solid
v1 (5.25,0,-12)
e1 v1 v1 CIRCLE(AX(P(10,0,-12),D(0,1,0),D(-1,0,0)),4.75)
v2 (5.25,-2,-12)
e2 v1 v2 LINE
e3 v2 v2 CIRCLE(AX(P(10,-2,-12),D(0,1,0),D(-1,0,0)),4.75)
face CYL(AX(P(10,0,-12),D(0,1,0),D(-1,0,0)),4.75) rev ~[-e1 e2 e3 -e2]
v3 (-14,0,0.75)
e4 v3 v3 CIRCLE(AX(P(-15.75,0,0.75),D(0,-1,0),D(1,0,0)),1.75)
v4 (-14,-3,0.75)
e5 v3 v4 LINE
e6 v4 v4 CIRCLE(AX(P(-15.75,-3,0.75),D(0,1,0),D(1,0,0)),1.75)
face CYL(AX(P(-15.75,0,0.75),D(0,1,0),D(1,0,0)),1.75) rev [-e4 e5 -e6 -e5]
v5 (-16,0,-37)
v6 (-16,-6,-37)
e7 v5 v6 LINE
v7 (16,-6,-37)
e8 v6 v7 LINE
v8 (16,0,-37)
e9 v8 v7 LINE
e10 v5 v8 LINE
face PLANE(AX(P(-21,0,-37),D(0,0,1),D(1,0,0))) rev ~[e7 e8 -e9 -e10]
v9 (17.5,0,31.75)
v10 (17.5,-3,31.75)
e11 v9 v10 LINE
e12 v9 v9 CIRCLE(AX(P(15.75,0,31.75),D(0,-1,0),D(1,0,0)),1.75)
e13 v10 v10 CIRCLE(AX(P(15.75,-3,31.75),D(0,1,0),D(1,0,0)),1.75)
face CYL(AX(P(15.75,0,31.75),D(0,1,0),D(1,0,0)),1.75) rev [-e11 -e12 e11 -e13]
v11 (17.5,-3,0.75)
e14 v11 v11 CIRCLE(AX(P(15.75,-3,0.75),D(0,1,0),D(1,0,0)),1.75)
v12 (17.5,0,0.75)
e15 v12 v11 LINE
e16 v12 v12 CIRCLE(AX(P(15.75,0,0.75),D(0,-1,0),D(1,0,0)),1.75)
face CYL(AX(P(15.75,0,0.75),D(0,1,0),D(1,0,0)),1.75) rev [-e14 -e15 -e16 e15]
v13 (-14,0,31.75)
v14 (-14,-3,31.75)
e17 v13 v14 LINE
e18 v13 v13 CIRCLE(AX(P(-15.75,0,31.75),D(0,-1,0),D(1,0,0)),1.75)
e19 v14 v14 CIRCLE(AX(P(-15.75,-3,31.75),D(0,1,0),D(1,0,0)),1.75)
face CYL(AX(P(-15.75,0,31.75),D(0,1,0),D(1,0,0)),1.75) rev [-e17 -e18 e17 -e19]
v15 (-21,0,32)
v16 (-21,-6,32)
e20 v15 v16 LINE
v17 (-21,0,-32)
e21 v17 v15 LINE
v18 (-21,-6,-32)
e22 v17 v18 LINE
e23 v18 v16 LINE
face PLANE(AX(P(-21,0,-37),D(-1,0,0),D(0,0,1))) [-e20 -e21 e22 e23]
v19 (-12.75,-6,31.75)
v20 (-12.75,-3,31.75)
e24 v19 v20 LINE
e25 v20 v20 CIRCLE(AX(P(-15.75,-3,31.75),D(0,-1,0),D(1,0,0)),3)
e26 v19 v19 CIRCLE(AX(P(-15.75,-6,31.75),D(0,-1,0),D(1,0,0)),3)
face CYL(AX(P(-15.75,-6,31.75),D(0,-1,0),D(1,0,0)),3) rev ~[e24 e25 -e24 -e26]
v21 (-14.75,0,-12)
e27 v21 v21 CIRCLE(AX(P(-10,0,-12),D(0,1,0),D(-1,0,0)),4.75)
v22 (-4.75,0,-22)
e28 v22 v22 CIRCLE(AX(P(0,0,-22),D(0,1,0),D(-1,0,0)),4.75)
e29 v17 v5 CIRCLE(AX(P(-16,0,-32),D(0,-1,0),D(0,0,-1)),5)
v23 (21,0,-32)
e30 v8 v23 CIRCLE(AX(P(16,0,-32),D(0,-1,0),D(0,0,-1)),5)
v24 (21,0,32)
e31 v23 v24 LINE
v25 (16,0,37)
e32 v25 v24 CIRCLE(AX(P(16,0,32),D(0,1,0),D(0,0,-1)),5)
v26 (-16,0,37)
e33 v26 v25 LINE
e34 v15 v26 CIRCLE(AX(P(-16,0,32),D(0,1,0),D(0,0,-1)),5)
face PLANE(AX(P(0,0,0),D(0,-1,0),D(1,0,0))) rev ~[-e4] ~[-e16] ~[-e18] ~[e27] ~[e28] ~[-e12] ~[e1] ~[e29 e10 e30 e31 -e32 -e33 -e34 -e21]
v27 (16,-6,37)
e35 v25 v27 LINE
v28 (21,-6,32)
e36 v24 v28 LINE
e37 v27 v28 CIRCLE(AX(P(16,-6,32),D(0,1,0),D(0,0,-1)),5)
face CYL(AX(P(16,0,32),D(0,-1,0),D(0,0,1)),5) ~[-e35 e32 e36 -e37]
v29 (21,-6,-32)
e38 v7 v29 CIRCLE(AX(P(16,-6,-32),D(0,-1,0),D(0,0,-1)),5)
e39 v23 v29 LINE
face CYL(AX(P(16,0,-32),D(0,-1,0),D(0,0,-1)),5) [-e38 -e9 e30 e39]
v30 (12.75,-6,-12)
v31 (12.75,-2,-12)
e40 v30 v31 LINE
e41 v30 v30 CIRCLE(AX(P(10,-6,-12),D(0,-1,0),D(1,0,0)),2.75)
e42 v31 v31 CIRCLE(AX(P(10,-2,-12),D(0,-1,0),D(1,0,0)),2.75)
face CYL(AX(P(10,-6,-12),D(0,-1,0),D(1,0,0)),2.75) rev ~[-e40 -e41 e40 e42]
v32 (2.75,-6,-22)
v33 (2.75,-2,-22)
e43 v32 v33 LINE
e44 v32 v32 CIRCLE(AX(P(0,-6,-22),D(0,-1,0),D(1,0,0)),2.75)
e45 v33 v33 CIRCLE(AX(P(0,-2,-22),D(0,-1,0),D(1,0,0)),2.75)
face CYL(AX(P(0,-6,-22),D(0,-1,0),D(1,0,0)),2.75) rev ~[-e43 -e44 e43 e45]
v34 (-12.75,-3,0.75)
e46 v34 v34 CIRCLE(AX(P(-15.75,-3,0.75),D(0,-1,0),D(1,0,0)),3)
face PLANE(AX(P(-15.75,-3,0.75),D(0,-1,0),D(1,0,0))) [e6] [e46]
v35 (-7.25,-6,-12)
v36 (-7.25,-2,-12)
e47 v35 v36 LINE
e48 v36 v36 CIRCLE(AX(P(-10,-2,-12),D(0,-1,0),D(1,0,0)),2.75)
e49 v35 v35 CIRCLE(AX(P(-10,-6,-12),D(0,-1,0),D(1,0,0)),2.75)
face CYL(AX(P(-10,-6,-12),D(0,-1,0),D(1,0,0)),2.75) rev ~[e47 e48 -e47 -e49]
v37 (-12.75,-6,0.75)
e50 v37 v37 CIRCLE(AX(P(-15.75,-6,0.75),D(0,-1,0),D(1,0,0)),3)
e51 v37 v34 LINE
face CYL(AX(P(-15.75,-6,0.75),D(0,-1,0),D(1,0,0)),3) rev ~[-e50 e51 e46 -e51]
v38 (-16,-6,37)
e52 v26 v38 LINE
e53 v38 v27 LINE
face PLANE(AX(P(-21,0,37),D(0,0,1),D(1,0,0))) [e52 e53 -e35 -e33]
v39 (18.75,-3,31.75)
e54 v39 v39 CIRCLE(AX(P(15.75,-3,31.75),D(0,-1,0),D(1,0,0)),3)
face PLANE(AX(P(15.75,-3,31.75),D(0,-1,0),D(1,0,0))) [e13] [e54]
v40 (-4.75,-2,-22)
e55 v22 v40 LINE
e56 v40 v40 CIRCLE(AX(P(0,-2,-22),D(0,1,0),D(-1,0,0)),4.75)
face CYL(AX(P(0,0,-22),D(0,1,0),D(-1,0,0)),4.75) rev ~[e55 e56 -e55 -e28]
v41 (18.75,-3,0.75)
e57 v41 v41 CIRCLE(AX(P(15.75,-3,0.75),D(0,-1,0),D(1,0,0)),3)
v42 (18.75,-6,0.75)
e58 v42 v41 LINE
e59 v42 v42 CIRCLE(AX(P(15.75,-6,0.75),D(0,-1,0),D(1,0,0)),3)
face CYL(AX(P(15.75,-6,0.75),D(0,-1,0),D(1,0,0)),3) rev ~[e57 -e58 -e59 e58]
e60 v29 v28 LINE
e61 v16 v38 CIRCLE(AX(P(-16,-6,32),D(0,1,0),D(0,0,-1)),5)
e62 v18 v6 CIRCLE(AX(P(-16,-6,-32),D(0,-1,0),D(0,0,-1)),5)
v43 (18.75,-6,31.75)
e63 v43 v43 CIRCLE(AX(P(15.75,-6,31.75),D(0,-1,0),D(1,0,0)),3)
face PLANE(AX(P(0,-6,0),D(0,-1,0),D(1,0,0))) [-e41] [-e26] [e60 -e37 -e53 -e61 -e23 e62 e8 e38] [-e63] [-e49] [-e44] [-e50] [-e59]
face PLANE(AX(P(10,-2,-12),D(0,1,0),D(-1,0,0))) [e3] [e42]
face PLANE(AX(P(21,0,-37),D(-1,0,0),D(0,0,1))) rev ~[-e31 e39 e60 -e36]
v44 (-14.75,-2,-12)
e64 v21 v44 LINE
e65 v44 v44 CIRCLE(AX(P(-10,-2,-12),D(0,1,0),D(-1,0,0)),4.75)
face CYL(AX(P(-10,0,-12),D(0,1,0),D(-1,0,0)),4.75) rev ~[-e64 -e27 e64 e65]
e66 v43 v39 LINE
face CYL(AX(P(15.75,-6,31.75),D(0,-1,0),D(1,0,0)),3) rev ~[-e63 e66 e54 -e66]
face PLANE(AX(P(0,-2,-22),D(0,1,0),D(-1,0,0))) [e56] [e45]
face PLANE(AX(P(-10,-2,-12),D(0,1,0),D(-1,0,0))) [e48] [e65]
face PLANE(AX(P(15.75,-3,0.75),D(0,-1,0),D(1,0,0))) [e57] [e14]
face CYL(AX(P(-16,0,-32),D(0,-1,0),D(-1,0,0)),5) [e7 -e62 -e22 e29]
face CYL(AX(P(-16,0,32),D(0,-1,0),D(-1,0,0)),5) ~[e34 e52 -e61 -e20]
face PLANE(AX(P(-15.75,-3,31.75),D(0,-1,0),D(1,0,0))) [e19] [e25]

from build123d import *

# Parameters (mm, degrees)
F0_W     = 42
F0_H     = 74
F0_R     = 1.75
F1_DEPTH = 6
F3_R     = 5
F2_R     = 3
F4_DEPTH = 3
F5_R     = 2.75
F6_DEPTH = 6
F7_R     = 4.75
F8_DEPTH = 2


with BuildPart() as f1:
    # F0 (on Front) → F1 (new body)
    with BuildSketch(Plane.XZ):
        Rectangle(F0_W, F0_H)
        with Locations((-15.75, 0.75)):
            Circle(F0_R, mode=Mode.SUBTRACT)
        with Locations((-15.75, 31.75)):
            Circle(F0_R, mode=Mode.SUBTRACT)
        with Locations((15.75, 0.75)):
            Circle(F0_R, mode=Mode.SUBTRACT)
        with Locations((15.75, 31.75)):
            Circle(F0_R, mode=Mode.SUBTRACT)
    extrude(amount=F1_DEPTH)

    # F3
    f3_edges = [f1.edges().sort_by_distance(p)[0] for p in [
        (-21, -3, -37),
        (-21, -3, 37),
        (21, -3, 37),
        (21, -3, -37),
    ]]
    fillet(f3_edges, radius=F3_R)

    # F2 (on face) → F4 (cut)
    with BuildSketch(Plane.XZ.offset(6)):
        with Locations((-15.75, 0.75)):
            Circle(F2_R)
        with Locations((15.75, 0.75)):
            Circle(F2_R)
        with Locations((-15.75, 31.75)):
            Circle(F2_R)
        with Locations((15.75, 31.75)):
            Circle(F2_R)
    extrude(amount=-F4_DEPTH, mode=Mode.SUBTRACT)

    # F5 (on face) → F6 (cut, through all)
    with BuildSketch(Plane.XZ.offset(6)):
        with Locations((0, -22)):
            Circle(F5_R)
        with Locations((-10, -12)):
            Circle(F5_R)
        with Locations((10, -12)):
            Circle(F5_R)
    extrude(amount=-F6_DEPTH, mode=Mode.SUBTRACT)

    # F7 (on face) → F8 (cut)
    with BuildSketch(Plane(origin=(0, 0, 0), x_dir=(-1, 0, 0), z_dir=(0, 1, 0))):
        with Locations((-10, -12)):
            Circle(F7_R)
        with Locations((10, -12)):
            Circle(F7_R)
        with Locations((0, -22)):
            Circle(F7_R)
    extrude(amount=-F8_DEPTH, mode=Mode.SUBTRACT)


solid = f1.part
